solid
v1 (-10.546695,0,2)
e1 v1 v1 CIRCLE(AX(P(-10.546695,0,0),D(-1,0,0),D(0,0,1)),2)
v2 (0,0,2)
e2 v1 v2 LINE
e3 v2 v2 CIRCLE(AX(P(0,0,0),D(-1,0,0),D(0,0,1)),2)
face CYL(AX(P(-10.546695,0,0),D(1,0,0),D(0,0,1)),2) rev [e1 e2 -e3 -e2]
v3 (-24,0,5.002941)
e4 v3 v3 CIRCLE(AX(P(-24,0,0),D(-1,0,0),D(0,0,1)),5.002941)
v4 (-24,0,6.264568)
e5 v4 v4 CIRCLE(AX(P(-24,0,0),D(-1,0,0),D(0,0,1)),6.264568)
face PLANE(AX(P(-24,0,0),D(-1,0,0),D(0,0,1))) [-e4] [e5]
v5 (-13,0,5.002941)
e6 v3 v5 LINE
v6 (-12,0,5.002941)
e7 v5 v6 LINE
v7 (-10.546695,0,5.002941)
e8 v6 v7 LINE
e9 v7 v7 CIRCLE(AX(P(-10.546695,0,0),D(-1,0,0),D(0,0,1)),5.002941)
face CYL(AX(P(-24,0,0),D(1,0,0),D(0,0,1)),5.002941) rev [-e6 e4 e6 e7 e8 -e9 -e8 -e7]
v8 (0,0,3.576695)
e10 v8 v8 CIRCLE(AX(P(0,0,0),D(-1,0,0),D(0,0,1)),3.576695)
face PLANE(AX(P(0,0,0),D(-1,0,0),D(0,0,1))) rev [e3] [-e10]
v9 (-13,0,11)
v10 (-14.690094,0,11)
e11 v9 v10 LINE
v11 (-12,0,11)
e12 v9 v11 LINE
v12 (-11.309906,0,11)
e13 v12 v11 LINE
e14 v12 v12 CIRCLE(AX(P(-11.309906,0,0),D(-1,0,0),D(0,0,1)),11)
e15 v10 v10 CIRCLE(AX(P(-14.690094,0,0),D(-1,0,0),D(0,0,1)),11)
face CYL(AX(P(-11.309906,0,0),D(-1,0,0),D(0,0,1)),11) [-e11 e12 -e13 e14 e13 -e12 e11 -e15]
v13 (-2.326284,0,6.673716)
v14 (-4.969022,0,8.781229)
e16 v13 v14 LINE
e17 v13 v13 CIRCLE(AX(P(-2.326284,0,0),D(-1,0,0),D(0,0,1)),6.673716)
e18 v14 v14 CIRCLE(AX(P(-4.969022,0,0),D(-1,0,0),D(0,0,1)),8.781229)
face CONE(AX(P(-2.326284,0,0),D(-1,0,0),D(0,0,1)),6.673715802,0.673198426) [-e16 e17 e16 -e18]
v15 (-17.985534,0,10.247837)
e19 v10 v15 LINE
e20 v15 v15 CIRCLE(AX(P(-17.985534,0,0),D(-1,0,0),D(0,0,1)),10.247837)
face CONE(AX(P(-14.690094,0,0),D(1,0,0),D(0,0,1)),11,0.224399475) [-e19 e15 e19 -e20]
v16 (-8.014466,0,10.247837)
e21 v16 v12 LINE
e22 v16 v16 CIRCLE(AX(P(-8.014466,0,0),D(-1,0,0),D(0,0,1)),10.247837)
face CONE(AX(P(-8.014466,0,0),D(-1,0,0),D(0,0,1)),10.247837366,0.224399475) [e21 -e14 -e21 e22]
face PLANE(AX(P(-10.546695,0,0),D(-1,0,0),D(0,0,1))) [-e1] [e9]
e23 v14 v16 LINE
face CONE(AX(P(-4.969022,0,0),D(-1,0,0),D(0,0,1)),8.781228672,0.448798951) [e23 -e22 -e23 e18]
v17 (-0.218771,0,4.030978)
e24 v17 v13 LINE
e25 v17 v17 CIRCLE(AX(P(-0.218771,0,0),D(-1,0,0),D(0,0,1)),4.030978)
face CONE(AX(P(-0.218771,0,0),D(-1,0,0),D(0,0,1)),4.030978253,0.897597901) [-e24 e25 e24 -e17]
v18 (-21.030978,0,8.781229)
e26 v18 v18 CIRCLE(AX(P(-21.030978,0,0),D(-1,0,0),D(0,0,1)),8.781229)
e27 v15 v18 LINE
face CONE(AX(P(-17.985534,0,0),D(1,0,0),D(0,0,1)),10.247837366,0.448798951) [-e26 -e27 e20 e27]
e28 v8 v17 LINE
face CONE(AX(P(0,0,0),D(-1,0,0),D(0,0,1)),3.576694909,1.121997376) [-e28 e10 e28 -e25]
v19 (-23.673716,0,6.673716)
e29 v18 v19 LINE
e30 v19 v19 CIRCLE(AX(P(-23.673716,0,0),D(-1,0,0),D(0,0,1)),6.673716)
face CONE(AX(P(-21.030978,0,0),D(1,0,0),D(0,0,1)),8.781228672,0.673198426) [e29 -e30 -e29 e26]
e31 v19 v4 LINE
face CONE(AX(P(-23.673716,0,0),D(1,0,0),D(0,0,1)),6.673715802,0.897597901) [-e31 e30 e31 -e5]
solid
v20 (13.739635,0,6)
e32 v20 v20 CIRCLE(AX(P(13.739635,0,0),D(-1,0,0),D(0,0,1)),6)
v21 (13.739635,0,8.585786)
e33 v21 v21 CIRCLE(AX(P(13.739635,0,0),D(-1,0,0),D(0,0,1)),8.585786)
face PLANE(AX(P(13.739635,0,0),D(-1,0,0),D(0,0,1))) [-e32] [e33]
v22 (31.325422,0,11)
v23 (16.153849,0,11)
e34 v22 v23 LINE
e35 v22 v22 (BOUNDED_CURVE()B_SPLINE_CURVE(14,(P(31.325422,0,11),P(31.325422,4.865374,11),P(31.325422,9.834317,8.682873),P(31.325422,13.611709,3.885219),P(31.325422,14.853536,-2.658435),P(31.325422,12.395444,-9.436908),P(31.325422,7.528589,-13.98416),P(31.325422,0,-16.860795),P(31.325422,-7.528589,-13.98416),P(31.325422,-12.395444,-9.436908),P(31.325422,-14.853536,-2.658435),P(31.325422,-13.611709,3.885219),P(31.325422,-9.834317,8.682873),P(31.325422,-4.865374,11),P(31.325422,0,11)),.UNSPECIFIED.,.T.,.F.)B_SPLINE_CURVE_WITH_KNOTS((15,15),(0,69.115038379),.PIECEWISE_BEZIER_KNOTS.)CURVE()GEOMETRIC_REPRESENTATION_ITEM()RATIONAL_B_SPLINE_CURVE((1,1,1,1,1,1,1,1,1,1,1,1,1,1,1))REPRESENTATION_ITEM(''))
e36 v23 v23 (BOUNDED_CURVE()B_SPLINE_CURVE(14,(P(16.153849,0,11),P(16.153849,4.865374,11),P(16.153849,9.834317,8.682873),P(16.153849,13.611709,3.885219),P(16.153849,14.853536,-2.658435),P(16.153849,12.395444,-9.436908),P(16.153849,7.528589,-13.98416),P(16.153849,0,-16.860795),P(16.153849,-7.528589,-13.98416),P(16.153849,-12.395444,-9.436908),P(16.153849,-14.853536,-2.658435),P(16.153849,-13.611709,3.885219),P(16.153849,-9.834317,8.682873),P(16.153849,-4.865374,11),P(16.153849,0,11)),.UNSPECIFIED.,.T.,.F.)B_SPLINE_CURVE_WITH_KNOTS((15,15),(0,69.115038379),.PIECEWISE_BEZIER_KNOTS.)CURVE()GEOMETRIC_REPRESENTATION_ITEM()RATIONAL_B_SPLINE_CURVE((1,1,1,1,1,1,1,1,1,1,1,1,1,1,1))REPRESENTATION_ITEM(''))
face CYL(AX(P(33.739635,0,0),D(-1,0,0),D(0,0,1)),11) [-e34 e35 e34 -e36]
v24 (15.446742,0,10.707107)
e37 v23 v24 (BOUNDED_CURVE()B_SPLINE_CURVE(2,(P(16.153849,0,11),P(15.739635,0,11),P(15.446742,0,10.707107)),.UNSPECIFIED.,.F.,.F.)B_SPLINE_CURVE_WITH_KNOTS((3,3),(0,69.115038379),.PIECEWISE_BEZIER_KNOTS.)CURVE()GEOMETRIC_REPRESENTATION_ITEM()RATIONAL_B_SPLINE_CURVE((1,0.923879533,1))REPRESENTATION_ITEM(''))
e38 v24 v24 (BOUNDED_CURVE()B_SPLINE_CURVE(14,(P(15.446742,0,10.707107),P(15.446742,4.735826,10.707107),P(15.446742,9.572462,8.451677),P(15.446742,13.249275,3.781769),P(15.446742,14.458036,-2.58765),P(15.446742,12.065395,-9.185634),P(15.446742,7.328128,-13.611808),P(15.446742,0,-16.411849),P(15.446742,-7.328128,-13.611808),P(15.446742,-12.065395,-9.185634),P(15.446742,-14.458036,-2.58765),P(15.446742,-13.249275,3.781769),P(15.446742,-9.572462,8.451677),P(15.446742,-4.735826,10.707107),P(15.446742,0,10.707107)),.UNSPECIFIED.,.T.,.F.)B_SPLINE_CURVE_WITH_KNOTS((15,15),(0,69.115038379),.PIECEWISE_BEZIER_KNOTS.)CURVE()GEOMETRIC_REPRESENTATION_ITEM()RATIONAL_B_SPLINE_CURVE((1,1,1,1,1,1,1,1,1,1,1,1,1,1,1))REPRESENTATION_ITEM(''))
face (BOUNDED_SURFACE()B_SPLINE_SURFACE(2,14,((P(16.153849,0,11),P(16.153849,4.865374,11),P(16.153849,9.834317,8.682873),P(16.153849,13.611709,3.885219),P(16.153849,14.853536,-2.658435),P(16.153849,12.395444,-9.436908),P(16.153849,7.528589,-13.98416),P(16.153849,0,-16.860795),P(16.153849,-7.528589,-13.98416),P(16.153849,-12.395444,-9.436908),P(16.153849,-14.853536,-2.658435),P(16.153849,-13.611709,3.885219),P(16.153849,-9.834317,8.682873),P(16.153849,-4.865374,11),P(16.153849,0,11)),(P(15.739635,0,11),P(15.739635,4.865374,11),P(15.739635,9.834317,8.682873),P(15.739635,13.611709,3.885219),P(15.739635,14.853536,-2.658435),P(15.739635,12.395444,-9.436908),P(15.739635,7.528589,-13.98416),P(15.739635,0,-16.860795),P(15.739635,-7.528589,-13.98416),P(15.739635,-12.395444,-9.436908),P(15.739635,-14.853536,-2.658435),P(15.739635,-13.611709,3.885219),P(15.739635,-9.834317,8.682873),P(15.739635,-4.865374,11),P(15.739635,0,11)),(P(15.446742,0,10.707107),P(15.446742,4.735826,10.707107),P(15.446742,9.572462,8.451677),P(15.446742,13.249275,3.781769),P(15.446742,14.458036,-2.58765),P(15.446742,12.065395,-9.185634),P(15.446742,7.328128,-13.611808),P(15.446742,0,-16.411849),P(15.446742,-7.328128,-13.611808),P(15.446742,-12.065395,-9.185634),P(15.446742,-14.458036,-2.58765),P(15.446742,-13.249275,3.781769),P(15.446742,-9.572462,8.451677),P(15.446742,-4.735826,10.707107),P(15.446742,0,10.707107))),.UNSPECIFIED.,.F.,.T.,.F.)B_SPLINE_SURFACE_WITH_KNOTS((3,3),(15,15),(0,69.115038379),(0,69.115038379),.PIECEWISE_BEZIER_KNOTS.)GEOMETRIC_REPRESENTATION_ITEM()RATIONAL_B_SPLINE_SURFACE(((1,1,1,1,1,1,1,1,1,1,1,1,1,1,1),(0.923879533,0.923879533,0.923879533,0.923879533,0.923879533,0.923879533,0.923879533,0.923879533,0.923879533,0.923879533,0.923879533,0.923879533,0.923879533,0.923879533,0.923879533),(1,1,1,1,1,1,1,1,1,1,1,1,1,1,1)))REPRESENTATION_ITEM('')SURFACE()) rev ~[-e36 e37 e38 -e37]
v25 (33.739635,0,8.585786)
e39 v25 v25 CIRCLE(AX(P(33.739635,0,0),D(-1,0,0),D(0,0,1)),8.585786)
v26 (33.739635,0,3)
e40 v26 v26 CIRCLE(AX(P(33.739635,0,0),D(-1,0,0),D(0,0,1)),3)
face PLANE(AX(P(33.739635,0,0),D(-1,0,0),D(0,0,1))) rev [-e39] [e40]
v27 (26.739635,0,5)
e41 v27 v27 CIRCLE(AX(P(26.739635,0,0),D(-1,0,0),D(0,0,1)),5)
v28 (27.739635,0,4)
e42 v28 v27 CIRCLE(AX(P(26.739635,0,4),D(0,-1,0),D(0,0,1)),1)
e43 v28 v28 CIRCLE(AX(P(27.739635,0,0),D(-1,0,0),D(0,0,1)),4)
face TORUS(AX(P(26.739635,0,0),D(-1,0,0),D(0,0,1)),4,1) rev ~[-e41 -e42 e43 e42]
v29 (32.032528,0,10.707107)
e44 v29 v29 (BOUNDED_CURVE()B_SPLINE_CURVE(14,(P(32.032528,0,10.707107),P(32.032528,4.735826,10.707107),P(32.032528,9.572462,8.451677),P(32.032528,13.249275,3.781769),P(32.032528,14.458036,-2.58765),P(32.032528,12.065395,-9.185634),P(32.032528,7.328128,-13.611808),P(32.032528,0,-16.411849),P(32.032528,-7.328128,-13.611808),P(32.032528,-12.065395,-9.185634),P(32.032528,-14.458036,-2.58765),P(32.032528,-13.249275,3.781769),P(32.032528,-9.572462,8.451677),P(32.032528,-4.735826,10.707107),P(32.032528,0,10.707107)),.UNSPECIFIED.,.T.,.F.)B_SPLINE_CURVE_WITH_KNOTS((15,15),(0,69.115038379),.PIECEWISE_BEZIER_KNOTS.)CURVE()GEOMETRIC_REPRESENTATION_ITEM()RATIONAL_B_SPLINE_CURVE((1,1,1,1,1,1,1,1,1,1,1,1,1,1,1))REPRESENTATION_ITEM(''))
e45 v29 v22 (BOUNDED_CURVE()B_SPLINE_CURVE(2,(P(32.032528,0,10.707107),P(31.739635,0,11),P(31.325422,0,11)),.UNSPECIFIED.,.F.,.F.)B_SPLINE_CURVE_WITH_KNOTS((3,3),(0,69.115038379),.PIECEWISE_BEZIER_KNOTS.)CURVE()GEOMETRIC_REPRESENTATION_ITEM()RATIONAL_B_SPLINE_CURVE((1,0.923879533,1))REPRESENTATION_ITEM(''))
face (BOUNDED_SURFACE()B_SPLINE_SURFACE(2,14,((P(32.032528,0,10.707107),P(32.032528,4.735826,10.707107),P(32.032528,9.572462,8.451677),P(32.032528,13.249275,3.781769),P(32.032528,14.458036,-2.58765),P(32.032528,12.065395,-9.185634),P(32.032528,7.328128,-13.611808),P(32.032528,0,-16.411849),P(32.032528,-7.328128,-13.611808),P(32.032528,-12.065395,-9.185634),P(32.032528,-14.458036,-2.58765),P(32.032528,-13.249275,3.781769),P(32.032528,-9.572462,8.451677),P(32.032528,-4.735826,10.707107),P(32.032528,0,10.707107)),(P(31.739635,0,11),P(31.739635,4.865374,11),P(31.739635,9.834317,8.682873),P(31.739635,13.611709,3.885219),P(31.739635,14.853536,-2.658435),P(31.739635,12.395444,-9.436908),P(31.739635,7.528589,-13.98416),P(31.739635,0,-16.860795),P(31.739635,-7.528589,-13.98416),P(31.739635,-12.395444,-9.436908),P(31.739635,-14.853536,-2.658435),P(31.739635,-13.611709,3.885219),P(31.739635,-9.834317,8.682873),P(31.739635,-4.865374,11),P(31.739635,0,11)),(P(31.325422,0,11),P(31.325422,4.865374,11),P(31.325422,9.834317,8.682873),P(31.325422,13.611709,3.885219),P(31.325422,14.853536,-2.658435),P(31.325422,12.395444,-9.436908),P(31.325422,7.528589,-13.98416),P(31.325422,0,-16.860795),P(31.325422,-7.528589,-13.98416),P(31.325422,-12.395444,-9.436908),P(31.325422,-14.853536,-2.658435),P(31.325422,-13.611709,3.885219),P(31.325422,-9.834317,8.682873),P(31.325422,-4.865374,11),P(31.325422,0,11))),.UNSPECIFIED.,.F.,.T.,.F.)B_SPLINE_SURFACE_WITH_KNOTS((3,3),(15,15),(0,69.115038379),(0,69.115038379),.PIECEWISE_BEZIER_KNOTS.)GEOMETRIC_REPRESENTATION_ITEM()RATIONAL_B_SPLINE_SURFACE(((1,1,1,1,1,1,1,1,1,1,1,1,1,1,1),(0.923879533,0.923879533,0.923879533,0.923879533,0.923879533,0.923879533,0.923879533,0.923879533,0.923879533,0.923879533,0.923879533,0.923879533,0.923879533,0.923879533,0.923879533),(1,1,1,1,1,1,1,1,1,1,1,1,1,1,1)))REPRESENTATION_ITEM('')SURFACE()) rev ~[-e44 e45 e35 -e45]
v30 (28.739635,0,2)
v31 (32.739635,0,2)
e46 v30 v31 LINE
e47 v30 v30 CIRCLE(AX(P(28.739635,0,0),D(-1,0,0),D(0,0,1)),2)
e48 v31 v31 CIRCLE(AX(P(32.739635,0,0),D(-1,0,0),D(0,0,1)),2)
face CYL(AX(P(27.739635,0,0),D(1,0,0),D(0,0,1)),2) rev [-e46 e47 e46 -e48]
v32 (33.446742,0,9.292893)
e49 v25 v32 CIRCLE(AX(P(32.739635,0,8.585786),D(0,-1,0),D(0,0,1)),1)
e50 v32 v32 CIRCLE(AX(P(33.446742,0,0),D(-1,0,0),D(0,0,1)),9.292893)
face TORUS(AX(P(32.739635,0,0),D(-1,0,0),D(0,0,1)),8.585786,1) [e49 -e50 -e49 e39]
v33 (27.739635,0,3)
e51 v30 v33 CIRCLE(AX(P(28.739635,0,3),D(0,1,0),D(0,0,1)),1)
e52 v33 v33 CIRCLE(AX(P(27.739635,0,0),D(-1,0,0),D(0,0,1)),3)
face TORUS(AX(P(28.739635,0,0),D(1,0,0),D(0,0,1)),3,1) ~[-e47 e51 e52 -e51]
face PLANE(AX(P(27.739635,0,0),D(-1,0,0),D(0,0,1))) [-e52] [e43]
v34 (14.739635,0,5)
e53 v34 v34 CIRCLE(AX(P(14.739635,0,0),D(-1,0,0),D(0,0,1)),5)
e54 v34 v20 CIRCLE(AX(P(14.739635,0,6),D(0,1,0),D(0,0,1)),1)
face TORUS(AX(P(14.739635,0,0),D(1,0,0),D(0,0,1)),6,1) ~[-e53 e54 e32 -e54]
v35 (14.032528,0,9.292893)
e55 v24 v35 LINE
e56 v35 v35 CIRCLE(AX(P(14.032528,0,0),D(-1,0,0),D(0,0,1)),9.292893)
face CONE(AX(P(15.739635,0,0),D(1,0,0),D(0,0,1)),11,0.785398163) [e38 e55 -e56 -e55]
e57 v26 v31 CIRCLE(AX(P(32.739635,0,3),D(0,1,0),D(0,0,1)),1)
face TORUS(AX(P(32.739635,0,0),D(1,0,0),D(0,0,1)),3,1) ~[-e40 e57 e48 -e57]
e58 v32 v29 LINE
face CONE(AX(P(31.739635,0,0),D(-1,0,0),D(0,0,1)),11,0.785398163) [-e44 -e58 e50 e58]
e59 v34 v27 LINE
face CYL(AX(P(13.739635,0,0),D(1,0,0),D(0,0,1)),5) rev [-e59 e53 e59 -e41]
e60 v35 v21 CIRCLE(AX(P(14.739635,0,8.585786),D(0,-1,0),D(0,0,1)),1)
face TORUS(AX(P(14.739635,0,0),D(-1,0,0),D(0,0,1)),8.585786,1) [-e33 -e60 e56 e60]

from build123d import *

# Parameters (mm, degrees)
F0_W    = 1
F0_H    = 5.9970587951
F4_SIZE = 2
F5_R    = 1
F6_R    = 1


with BuildPart() as f1:
    # F0 (on Front) → F1 (revolve)
    with BuildSketch(Plane.XZ):
        Polygon((-10.546695441, 2), (0, 2), (0, 3.576694909), (-0.2187713284, 4.0309782533), (-2.3262841976, 6.6737158024), (-4.9690217467, 8.7812286716), (-8.0144660798, 10.2478373655), (-11.3099059015, 11), (-12, 11), (-12, 5.0029412049), (-10.546695441, 5.0029412049), align=None)
        with Locations((-12.5, 8.0014706025)):
            Rectangle(F0_W, F0_H)
        Polygon((-24, 5.0029412049), (-13, 5.0029412049), (-13, 11), (-14.6900940985, 11), (-17.9855339202, 10.2478373655), (-21.0309782533, 8.7812286716), (-23.6737158024, 6.6737158024), (-24, 6.2645683599), align=None)
    revolve(axis=Axis((-2.5, 0, 0), (-1, 0, 0)))


with BuildPart() as f3:
    # F2 (on Front) → F3 (revolve)
    with BuildSketch(Plane.XZ):
        Polygon((27.7396352366, 2), (33.7396352366, 2), (33.7396352366, 11), (13.7396352366, 11), (13.7396352366, 5), (27.7396352366, 5), align=None)
    revolve(axis=Axis((31.2396352366, 0, 0), (-1, 0, 0)))

    # F4
    f4_edges = [f3.edges().sort_by_distance(p)[0] for p in [
        (33.739635, 0, -11),
        (13.739635, 0, -11),
        (23.739635, 0, 11),
    ]]
    chamfer(f4_edges, length=F4_SIZE)

    # F5
    f5_edges = [f3.edges().sort_by_distance(p)[0] for p in [
        (13.739635, 0, -5),
        (27.739635, 0, -5),
        (20.739635, 0, 5),
        (27.739635, 0, -2),
        (33.739635, 0, -2),
        (30.739635, 0, 2),
    ]]
    fillet(f5_edges, radius=F5_R)

    # F6
    f6_edges = [f3.edges().sort_by_distance(p)[0] for p in [
        (23.739635, 0, 11),
        (31.739635, 0, -11),
        (15.739635, 0, -11),
        (32.739635, 0, 10),
        (33.739635, 0, -9),
        (14.739635, 0, 10),
        (13.739635, 0, -9),
    ]]
    fillet(f6_edges, radius=F6_R)


solid = Compound([f1.part, f3.part])
